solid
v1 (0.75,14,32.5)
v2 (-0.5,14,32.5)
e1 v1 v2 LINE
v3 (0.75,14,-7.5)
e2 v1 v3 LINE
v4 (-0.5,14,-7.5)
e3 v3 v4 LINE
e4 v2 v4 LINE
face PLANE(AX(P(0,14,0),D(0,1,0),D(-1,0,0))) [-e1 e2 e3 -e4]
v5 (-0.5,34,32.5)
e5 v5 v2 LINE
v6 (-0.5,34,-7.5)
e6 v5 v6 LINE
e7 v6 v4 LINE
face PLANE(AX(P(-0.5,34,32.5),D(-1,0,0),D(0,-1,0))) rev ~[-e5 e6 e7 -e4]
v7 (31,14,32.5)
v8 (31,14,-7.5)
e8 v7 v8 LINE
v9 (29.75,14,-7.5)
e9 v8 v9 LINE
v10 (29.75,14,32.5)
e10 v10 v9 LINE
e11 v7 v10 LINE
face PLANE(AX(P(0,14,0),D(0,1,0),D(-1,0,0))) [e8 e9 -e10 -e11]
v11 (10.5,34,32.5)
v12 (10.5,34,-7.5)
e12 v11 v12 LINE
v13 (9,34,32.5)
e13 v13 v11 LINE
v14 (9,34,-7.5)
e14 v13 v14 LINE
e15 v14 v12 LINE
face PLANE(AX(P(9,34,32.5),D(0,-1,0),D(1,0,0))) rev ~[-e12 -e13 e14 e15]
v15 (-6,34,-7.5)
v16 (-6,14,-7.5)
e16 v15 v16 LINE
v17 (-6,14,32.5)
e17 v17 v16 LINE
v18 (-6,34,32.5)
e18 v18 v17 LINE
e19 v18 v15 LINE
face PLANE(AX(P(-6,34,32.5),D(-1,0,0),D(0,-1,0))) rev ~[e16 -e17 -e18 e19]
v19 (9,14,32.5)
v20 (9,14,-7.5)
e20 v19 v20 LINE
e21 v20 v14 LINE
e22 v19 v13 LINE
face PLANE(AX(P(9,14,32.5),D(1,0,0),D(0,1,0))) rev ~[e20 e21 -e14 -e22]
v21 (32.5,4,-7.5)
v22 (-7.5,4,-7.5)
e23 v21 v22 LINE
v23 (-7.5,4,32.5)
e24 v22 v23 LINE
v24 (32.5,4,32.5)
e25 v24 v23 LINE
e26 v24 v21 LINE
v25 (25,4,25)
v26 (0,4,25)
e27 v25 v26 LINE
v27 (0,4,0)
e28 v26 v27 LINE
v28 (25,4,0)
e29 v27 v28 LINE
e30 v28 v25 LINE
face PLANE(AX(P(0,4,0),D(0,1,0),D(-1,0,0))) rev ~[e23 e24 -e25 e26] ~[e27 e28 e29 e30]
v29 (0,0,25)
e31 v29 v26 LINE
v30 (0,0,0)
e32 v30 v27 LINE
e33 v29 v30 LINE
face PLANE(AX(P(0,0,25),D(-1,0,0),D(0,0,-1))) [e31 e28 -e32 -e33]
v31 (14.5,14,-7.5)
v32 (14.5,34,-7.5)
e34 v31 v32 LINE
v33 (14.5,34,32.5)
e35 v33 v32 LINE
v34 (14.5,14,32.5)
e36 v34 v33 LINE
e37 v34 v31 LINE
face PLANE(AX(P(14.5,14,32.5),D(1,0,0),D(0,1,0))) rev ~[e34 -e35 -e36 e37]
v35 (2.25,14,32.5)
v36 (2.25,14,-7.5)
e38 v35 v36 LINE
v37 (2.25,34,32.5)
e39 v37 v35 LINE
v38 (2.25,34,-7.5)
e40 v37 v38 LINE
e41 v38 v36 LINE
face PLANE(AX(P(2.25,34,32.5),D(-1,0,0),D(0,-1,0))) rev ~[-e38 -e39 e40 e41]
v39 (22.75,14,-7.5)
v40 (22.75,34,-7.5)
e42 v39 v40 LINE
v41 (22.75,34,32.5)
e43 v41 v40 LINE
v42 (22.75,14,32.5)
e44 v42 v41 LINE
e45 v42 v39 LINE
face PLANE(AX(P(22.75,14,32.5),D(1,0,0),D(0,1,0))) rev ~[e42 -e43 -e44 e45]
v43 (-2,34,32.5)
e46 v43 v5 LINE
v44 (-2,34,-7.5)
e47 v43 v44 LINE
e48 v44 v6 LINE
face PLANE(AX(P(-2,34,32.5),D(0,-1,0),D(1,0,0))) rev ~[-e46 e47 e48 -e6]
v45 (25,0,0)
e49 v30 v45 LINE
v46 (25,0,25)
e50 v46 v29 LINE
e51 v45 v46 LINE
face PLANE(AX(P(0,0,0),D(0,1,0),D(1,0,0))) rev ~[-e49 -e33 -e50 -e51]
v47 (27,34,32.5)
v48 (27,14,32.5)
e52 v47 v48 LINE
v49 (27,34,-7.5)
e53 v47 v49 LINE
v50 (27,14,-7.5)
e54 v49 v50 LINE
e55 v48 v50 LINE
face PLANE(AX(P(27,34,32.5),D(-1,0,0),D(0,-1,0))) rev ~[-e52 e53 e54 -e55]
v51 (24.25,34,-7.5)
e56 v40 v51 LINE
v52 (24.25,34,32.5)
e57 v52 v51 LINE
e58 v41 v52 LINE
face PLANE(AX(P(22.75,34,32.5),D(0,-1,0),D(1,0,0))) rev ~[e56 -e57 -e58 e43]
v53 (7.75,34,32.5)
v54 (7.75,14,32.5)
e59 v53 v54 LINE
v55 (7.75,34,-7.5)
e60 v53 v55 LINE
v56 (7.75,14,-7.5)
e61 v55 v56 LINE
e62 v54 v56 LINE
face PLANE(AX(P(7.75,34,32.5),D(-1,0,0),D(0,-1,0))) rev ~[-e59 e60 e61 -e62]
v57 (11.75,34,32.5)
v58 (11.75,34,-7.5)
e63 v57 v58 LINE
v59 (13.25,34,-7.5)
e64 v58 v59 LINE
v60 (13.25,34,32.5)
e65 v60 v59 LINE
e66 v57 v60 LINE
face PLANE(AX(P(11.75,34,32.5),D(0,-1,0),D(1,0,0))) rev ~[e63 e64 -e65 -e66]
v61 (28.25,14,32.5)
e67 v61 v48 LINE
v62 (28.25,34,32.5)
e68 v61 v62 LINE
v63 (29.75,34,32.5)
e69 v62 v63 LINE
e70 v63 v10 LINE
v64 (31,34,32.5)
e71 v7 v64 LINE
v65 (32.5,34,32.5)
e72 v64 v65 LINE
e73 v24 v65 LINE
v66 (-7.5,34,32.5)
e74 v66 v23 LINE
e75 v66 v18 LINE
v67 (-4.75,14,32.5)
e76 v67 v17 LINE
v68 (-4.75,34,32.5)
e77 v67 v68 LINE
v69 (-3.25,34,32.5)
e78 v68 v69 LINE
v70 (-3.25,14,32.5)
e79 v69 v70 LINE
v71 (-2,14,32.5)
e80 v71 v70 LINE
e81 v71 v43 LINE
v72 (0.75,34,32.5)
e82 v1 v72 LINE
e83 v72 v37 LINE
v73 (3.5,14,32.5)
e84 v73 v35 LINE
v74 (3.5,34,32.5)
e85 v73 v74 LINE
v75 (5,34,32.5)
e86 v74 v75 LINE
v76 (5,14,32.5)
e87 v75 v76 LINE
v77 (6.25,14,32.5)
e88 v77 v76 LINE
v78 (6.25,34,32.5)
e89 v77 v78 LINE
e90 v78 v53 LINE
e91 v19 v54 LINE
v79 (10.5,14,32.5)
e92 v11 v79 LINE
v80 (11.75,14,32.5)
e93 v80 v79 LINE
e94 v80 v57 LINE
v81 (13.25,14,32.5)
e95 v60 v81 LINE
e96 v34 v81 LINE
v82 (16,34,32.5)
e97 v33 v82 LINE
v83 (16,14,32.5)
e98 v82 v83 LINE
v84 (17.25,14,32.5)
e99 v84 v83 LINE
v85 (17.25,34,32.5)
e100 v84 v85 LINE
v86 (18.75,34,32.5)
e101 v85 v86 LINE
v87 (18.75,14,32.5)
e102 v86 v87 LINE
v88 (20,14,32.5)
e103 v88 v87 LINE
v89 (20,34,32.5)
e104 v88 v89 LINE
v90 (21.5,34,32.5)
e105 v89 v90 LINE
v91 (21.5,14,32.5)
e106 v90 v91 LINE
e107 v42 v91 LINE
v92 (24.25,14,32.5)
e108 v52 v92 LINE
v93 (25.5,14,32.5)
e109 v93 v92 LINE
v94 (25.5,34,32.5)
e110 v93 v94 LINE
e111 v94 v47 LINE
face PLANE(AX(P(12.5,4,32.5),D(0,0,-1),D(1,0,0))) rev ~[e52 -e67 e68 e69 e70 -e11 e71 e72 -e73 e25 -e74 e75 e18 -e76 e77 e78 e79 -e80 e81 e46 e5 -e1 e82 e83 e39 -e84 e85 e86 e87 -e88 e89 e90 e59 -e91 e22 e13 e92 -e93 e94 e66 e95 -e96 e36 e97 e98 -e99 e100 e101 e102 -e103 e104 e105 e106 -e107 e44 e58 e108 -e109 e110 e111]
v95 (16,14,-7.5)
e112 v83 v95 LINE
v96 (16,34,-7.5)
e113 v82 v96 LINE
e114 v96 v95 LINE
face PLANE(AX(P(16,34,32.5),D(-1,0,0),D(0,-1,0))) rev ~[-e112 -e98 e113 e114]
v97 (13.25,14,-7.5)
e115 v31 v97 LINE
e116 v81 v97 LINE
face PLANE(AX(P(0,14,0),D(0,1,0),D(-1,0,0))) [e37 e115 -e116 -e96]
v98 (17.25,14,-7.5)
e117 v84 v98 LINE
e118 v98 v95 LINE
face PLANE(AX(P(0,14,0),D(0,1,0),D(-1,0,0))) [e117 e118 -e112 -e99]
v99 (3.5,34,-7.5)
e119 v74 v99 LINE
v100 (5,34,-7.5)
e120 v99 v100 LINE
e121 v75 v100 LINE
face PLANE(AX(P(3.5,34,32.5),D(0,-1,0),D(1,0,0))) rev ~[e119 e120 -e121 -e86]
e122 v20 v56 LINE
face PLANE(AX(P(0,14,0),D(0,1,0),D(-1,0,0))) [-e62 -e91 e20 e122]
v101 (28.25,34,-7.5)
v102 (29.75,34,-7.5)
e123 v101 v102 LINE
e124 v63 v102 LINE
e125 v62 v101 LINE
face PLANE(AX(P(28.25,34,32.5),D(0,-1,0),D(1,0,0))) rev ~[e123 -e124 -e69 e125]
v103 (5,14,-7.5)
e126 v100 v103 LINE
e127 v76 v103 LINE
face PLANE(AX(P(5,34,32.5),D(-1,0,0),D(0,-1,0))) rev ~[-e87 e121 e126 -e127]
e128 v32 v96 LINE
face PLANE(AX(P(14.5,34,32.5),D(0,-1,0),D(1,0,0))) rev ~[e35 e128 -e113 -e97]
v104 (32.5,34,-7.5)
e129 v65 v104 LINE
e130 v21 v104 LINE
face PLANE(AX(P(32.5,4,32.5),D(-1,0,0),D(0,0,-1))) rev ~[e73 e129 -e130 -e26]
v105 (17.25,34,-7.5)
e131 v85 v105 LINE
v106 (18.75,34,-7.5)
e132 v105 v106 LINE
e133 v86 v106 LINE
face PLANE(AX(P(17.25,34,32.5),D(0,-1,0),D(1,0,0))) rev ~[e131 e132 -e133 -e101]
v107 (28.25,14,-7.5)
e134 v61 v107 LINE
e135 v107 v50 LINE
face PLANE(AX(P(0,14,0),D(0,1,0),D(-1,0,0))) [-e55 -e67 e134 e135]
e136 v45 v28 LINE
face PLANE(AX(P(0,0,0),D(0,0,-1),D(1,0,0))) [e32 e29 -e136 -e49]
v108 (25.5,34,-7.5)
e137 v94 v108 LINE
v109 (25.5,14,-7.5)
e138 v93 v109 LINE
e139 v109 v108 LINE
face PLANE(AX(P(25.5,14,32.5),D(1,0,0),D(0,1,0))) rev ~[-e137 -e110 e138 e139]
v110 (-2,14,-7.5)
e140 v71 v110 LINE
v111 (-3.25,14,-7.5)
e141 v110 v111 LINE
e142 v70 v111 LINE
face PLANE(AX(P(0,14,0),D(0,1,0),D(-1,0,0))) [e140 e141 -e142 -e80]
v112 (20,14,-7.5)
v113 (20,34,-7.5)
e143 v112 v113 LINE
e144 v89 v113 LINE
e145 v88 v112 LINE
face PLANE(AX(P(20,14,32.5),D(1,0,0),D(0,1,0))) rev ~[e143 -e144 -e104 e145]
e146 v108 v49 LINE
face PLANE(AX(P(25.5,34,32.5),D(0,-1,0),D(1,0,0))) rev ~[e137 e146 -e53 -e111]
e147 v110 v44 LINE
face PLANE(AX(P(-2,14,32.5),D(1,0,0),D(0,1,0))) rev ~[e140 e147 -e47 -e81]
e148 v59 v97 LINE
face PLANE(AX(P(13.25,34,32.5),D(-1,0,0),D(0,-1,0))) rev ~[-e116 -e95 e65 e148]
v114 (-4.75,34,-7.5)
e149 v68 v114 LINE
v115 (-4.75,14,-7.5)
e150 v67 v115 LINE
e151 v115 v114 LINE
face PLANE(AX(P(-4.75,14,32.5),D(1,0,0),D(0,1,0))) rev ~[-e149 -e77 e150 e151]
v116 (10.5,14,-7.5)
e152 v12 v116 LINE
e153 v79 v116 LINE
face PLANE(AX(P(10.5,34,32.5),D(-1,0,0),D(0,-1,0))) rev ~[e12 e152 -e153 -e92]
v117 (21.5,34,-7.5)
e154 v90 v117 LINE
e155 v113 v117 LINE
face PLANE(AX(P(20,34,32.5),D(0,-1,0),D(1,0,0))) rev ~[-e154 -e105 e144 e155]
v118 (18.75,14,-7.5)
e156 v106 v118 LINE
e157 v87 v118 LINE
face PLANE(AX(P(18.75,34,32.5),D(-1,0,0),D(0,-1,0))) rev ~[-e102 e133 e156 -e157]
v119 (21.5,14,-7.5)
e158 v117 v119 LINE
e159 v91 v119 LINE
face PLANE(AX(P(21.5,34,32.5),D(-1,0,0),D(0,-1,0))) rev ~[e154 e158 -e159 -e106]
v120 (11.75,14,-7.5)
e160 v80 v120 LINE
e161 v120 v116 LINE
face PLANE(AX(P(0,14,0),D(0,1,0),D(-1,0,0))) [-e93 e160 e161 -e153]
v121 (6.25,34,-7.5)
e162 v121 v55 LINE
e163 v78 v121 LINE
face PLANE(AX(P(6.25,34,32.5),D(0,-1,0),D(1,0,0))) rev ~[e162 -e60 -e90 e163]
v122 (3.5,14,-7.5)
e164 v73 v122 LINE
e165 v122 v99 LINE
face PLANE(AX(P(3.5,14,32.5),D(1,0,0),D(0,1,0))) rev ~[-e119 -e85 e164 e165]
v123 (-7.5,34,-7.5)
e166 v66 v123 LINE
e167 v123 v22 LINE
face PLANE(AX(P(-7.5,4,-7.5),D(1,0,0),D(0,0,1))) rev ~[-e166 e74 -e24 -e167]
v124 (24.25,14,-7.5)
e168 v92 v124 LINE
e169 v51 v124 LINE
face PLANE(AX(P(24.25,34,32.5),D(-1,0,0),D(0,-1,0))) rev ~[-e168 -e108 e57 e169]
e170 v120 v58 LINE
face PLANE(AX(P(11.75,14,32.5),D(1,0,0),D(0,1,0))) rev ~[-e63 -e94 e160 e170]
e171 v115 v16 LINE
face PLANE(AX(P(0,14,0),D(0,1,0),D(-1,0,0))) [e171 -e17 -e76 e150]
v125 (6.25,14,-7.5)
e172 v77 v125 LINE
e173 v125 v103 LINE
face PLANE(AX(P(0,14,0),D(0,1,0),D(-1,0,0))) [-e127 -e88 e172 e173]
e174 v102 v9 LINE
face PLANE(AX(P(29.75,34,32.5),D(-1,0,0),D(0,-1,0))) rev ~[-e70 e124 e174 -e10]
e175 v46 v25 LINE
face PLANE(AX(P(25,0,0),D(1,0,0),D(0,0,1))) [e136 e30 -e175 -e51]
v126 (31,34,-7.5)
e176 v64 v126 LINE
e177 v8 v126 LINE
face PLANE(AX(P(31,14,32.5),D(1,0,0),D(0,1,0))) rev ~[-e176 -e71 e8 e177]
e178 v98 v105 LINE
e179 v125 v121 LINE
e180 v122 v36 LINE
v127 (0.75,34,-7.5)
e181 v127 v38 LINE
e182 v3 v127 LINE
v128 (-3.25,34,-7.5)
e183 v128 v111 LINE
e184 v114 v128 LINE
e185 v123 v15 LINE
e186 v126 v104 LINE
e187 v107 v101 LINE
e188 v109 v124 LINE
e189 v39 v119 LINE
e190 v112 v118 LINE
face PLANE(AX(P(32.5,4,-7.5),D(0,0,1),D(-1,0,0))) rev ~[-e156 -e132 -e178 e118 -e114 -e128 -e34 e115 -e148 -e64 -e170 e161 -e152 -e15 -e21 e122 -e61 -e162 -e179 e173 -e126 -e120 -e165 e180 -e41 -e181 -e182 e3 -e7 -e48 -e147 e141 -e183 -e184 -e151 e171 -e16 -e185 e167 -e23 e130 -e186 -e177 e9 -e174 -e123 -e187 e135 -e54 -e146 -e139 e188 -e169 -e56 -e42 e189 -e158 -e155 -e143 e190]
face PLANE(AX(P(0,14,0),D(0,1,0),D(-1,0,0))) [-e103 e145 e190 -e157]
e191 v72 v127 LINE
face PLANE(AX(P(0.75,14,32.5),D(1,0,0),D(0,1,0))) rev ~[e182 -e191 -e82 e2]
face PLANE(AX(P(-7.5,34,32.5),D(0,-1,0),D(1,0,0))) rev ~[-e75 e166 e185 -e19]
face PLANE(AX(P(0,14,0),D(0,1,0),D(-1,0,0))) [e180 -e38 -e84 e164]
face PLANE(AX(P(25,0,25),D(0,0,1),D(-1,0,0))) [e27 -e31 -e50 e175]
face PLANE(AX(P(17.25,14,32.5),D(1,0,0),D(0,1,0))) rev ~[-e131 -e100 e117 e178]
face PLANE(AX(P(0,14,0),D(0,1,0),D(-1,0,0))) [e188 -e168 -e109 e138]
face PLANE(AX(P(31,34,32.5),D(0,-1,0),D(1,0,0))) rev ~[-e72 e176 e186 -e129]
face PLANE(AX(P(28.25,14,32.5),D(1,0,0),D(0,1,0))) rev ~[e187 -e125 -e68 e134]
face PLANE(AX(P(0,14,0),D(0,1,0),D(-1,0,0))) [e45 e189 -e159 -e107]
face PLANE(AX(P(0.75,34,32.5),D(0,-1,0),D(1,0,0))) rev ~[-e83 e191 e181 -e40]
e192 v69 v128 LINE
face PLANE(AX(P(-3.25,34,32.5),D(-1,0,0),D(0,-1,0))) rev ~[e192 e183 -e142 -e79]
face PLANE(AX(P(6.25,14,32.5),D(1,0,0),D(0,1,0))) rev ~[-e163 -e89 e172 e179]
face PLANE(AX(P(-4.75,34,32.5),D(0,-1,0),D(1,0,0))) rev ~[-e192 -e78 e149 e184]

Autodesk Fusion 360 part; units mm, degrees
sketch "Sketch1" plane through (0, 0, 0) normal (0, 1, 0) x (1, 0, 0)
  line L0 (0, 0) -> (25, 0)
  line L1 (25, 0) -> (25, -25)
  line L2 (25, -25) -> (0, -25)
  line L3 (0, -25) -> (0, 0)
  dimension "d1" = 25
  dimension "d2" = 25
extrude "Extrude1" add sketch "Sketch1" along normal blind 4
sketch "Sketch2" plane through (0, 4, 0) normal (0, 1, 0) x (-1, 0, 0)
  line L0 (0, 25) -> (-25, 25)
  line L1 (-25, 25) -> (-25, 0)
  line L2 (-25, 0) -> (0, 0)
  line L3 (0, 0) -> (0, 25)
  line L4 (-32.5, 32.5) -> (-32.5, -7.5)
  line L5 (-32.5, -7.5) -> (7.5, -7.5)
  line L6 (7.5, -7.5) -> (7.5, 32.5)
  line L7 (7.5, 32.5) -> (-32.5, 32.5)
  line L8 (-32.5, 32.5) -> (-12.5, 32.5)
  dimension "d6" = 40
extrude "Extrude2" add sketch "Sketch2" along normal blind 10 contours L0 L1 L2 L3 | L4 L5 L6 L7 L8
sketch "Sketch3" plane through (0, 0, 32.5) normal (0, 0, 1) x (-1, 0, 0)
  line L0 (7.5, -4) -> (-32.5, -4)
  line L1 (-32.5, -4) -> (-32.5, -14)
  line L2 (-32.5, -14) -> (7.5, -14)
  line L3 (7.5, -14) -> (7.5, -4)
sketch "Sketch4" plane through (0, 0, 32.5) normal (0, 0, 1) x (-1, 0, 0)
  line L0 (7.5, -14) -> (7.5, -34)
  line L1 (7.5, -34) -> (5.5, -34)
  line L2 (5.5, -34) -> (5.5, -14)
  line L3 (5.5, -14) -> (7.5, -14)
  line L4 (3.28, -14) -> (3.28, -34)
  line L5 (3.28, -34) -> (1.28, -34)
  line L6 (1.28, -34) -> (1.28, -14)
  line L7 (-0.94, -14) -> (-0.94, -34)
  line L8 (-0.94, -34) -> (-2.94, -34)
  line L9 (-2.94, -34) -> (-2.94, -14)
  line L10 (-5.16, -14) -> (-5.16, -34)
  line L11 (-5.16, -34) -> (-7.16, -34)
  line L12 (-7.16, -34) -> (-7.16, -14)
  line L13 (-9.38, -14) -> (-9.38, -34)
  line L14 (-9.38, -34) -> (-11.38, -34)
  line L15 (-11.38, -34) -> (-11.38, -14)
  line L16 (-13.6, -14) -> (-13.6, -34)
  line L17 (-13.6, -34) -> (-15.6, -34)
  line L18 (-15.6, -34) -> (-15.6, -14)
  line L19 (-17.82, -14) -> (-17.82, -34)
  line L20 (-17.82, -34) -> (-19.82, -34)
  line L21 (-19.82, -34) -> (-19.82, -14)
  line L22 (-22.04, -14) -> (-22.04, -34)
  line L23 (-22.04, -34) -> (-24.04, -34)
  line L24 (-24.04, -34) -> (-24.04, -14)
  line L25 (-26.26, -14) -> (-26.26, -34)
  line L26 (-26.26, -34) -> (-28.26, -34)
  line L27 (-28.26, -34) -> (-28.26, -14)
  line L28 (-30.48, -14) -> (-30.48, -34)
  line L29 (-30.48, -34) -> (-32.48, -34)
  line L30 (-32.48, -34) -> (-32.48, -14)
  line L31 (7.5, -14) -> (-32.48, -14)
  line L32 (-32.48, -14) -> (7.5, -14)
  dimension "d11" = 20
  dimension "d12" = 2
  dimension "d15" = -4.22
  dimension "d16" = 0
sketch "Sketch5" plane through (0, 0, 32.5) normal (0, 0, 1) x (-1, 0, 0)
  line L0 (7.5, -14) -> (-32.5, -14)
  line L1 (7.5, -14) -> (7.5, -34)
  line L2 (7.5, -34) -> (6, -34)
  line L3 (6, -34) -> (6, -14)
  line L4 (7.5, -14) -> (6, -14)
  line L5 (4.75, -14) -> (4.75, -34)
  line L6 (3.25, -34) -> (3.25, -14)
  line L7 (4.75, -34) -> (3.25, -34)
  line L8 (2, -14) -> (2, -34)
  line L9 (0.5, -34) -> (0.5, -14)
  line L10 (2, -34) -> (0.5, -34)
  line L11 (-0.75, -14) -> (-0.75, -34)
  line L12 (-2.25, -34) -> (-2.25, -14)
  line L13 (-0.75, -34) -> (-2.25, -34)
  line L14 (-3.5, -14) -> (-3.5, -34)
  line L15 (-5, -34) -> (-5, -14)
  line L16 (-3.5, -34) -> (-5, -34)
  line L17 (-6.25, -14) -> (-6.25, -34)
  line L18 (-7.75, -34) -> (-7.75, -14)
  line L19 (-6.25, -34) -> (-7.75, -34)
  line L20 (-9, -14) -> (-9, -34)
  line L21 (-10.5, -34) -> (-10.5, -14)
  line L22 (-9, -34) -> (-10.5, -34)
  line L23 (-11.75, -14) -> (-11.75, -34)
  line L24 (-13.25, -34) -> (-13.25, -14)
  line L25 (-11.75, -34) -> (-13.25, -34)
  line L26 (-14.5, -14) -> (-14.5, -34)
  line L27 (-16, -34) -> (-16, -14)
  line L28 (-14.5, -34) -> (-16, -34)
  line L29 (-17.25, -14) -> (-17.25, -34)
  line L30 (-18.75, -34) -> (-18.75, -14)
  line L31 (-17.25, -34) -> (-18.75, -34)
  line L32 (-20, -14) -> (-20, -34)
  line L33 (-21.5, -34) -> (-21.5, -14)
  line L34 (-20, -34) -> (-21.5, -34)
  line L35 (-22.75, -14) -> (-22.75, -34)
  line L36 (-24.25, -34) -> (-24.25, -14)
  line L37 (-22.75, -34) -> (-24.25, -34)
  line L38 (-25.5, -14) -> (-25.5, -34)
  line L39 (-27, -34) -> (-27, -14)
  line L40 (-25.5, -34) -> (-27, -34)
  line L41 (-28.25, -14) -> (-28.25, -34)
  line L42 (-29.75, -34) -> (-29.75, -14)
  line L43 (-28.25, -34) -> (-29.75, -34)
  line L44 (-31, -14) -> (-31, -34)
  line L45 (-32.5, -34) -> (-32.5, -14)
  line L46 (-31, -34) -> (-32.5, -34)
  dimension "d19" = 20
  dimension "d22" = -2.75
  dimension "d23" = 0
extrude "Extrude4" add sketch "Sketch5" against normal blind 40
